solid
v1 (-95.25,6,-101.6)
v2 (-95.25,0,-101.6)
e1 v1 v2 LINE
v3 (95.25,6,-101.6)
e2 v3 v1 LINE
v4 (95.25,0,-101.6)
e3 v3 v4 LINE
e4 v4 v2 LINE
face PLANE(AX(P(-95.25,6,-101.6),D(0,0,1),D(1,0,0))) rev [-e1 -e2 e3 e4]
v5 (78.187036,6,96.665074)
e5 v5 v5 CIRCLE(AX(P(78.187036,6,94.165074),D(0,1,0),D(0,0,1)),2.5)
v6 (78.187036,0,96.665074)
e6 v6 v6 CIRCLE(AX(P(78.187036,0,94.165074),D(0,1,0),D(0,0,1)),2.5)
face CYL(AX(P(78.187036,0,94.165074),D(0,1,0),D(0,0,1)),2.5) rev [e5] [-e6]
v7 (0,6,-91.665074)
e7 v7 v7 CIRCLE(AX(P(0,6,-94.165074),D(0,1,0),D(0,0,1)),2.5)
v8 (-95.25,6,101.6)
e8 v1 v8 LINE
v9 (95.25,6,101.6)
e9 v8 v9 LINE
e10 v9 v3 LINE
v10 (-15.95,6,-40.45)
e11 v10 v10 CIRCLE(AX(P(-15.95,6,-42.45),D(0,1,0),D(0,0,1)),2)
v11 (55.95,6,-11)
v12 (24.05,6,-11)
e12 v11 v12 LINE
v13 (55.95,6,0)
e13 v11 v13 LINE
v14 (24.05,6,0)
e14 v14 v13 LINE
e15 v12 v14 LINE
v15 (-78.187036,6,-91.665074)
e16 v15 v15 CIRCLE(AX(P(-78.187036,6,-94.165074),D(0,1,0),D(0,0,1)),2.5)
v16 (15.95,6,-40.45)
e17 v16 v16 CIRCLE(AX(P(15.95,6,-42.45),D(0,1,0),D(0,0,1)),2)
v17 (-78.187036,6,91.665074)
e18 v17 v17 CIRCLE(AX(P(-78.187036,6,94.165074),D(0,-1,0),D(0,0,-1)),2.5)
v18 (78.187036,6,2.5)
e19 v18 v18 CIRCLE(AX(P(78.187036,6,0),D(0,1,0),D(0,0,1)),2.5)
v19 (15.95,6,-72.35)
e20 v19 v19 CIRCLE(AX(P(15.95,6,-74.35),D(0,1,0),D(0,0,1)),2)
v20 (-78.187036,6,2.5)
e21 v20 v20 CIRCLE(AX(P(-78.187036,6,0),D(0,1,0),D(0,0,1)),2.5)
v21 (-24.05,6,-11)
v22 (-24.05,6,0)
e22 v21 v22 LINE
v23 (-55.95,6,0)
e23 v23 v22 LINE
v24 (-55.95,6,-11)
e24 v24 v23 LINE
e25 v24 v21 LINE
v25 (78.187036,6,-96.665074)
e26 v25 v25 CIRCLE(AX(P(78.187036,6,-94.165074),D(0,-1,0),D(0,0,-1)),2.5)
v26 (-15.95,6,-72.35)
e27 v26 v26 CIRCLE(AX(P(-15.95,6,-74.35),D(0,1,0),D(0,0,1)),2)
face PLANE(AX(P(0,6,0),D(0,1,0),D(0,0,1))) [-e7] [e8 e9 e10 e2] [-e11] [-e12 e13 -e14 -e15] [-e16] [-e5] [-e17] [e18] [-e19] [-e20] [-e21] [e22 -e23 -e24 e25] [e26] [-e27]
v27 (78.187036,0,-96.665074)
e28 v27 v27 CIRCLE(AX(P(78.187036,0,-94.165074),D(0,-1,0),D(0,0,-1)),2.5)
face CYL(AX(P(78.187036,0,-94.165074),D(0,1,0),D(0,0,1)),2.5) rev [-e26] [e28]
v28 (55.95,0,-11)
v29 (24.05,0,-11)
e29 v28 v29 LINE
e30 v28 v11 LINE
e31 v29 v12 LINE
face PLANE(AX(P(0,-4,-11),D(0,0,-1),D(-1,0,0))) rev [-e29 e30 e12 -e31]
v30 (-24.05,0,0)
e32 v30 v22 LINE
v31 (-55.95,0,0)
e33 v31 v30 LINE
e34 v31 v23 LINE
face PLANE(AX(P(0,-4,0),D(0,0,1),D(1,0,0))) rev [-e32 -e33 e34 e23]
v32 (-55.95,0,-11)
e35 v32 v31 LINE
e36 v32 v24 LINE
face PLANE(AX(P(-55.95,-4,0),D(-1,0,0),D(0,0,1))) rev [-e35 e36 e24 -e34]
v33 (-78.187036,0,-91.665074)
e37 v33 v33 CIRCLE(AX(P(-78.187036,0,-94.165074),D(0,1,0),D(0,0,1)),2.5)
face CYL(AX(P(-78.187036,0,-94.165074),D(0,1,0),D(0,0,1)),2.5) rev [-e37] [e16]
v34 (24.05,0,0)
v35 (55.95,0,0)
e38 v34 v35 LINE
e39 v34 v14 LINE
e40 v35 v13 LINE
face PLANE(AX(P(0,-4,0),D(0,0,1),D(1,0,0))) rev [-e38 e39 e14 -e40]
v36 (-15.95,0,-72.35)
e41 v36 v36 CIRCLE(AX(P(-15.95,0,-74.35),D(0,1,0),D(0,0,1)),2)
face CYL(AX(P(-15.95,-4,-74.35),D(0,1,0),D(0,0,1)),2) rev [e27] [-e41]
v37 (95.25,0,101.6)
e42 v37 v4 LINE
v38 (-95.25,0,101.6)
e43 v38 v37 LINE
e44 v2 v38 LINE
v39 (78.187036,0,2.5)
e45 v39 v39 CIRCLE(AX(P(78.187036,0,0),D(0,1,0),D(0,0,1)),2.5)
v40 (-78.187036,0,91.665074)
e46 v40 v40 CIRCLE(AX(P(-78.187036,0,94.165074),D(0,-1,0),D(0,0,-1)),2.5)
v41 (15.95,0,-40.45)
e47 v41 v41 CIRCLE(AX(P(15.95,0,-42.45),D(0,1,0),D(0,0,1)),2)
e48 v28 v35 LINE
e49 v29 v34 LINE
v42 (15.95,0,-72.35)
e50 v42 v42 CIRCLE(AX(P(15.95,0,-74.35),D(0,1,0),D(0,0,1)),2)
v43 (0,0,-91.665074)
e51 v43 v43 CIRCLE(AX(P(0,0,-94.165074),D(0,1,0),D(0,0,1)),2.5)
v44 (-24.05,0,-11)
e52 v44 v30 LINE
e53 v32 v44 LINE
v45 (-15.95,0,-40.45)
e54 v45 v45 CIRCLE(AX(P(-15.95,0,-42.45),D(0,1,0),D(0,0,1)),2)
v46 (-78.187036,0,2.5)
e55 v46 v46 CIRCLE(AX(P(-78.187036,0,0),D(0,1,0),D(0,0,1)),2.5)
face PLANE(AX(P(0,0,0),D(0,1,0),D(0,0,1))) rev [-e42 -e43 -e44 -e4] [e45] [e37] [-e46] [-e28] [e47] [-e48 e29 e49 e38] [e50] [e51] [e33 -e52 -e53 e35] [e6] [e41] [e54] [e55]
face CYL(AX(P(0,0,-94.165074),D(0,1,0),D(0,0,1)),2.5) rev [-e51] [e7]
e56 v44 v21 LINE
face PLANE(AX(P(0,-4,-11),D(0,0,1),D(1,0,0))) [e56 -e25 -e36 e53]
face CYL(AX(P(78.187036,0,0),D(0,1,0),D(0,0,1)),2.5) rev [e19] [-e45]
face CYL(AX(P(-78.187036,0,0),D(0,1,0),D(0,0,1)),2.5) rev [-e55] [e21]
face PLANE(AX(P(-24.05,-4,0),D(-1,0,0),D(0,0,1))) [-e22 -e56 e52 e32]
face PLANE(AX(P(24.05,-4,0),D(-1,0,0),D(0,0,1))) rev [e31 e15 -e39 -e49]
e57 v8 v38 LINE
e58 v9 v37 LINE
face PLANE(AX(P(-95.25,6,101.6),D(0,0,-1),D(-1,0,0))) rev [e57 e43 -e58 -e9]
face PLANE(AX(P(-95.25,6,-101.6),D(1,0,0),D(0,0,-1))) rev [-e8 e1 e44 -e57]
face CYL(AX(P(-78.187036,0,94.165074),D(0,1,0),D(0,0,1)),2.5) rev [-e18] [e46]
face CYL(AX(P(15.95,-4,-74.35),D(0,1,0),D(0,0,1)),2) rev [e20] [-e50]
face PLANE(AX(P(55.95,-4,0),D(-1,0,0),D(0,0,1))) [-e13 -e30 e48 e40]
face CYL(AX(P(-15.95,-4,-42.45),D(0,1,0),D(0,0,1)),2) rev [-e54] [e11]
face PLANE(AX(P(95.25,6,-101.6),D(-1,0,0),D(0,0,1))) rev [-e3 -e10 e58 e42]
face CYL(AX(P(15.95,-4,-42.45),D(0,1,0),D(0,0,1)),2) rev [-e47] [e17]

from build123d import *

# Parameters (mm, degrees)
SKETCH2_W           = 190.5
SKETCH2_H           = 203.2
BOSS_EXTRUDE1_DEPTH = 6
SKETCH5_R           = 2.5
CUT_EXTRUDE6_DEPTH  = 7
CUT_EXTRUDE7_DEPTH  = 10


with BuildPart() as part:
    # Sketch2 → Boss-Extrude1 (new body)
    with BuildSketch(Plane(origin=(0, 0, 0), x_dir=(1, 0, 0), z_dir=(0, 1, 0))):
        Rectangle(SKETCH2_W, SKETCH2_H)
    extrude(amount=BOSS_EXTRUDE1_DEPTH)

    # Sketch5 → Cut-Extrude6 (cut, through all)
    with BuildSketch(Plane(origin=(0, 6, 0), x_dir=(1, 0, 0), z_dir=(0, 1, 0))):
        with Locations((-78.187036158, 94.165073798)):
            Circle(SKETCH5_R)
        with Locations((0, 94.165073798)):
            Circle(SKETCH5_R)
        with Locations((78.187036158, 0)):
            Circle(SKETCH5_R)
        with Locations((-78.187036158, 0)):
            Circle(SKETCH5_R)
        with Locations((78.187036158, 94.165073798)):
            Circle(SKETCH5_R)
        with Locations((-78.187036158, -94.165073798)):
            Circle(SKETCH5_R)
        with Locations((78.187036158, -94.165073798)):
            Circle(SKETCH5_R)
    extrude(amount=-CUT_EXTRUDE6_DEPTH, mode=Mode.SUBTRACT)

    # Sketch6 → Cut-Extrude7 (cut)
    with BuildSketch(Plane(origin=(0, 6, 0), x_dir=(1, 0, 0), z_dir=(0, 1, 0))):
        with BuildLine():
            ThreePointArc((-13.95, 74.35), (-17.364213562, 75.764213562), (-15.95, 72.35))
            Line((-15.95, 72.35), (-15.95, 74.35))
            Line((-15.95, 74.35), (-13.95, 74.35))
        make_face()
        with BuildLine():
            Line((-15.95, 74.35), (-15.95, 72.35))
            ThreePointArc((-15.95, 72.35), (-14.535786438, 72.935786438), (-13.95, 74.35))
            Line((-13.95, 74.35), (-15.95, 74.35))
        make_face()
        with BuildLine():
            ThreePointArc((13.95, 74.35), (14.535786438, 72.935786438), (15.95, 72.35))
            Line((15.95, 72.35), (15.95, 74.35))
            Line((15.95, 74.35), (13.95, 74.35))
        make_face()
        with BuildLine():
            Line((15.95, 74.35), (15.95, 72.35))
            ThreePointArc((15.95, 72.35), (17.364213562, 72.935786438), (17.95, 74.35))
            ThreePointArc((17.95, 74.35), (15.95, 76.35), (13.95, 74.35))
            Line((13.95, 74.35), (15.95, 74.35))
        make_face()
        with BuildLine():
            Line((-15.95, 44.45), (-15.95, 42.45))
            Line((-15.95, 42.45), (-13.95, 42.45))
            ThreePointArc((-13.95, 42.45), (-14.535786438, 43.864213562), (-15.95, 44.45))
        make_face()
        with BuildLine():
            ThreePointArc((-15.95, 44.45), (-17.95, 42.45), (-15.95, 40.45))
            Line((-15.95, 40.45), (-15.95, 42.45))
            Line((-15.95, 42.45), (-15.95, 44.45))
        make_face()
        with BuildLine():
            ThreePointArc((15.95, 44.45), (14.535786438, 43.864213562), (13.95, 42.45))
            Line((13.95, 42.45), (15.95, 42.45))
            Line((15.95, 42.45), (15.95, 44.45))
        make_face()
        with BuildLine():
            Line((15.95, 42.45), (17.95, 42.45))
            ThreePointArc((17.95, 42.45), (17.364213562, 43.864213562), (15.95, 44.45))
            Line((15.95, 44.45), (15.95, 42.45))
        make_face()
        with BuildLine():
            ThreePointArc((13.95, 42.45), (15.95, 40.45), (17.95, 42.45))
            Line((17.95, 42.45), (15.95, 42.45))
            Line((15.95, 42.45), (13.95, 42.45))
        make_face()
        with BuildLine():
            Line((-15.95, 42.45), (-15.95, 40.45))
            ThreePointArc((-15.95, 40.45), (-14.535786438, 41.035786438), (-13.95, 42.45))
            Line((-13.95, 42.45), (-15.95, 42.45))
        make_face()
        Polygon((-55.95, 11), (-55.95, 0), (-24.05, 0), (-24.05, 11), (-40, 11), align=None)
        Polygon((40, 0), (55.95, 0), (55.95, 11), (40, 11), (24.05, 11), (24.05, 0), align=None)
    extrude(amount=-CUT_EXTRUDE7_DEPTH, mode=Mode.SUBTRACT)


solid = part.part
